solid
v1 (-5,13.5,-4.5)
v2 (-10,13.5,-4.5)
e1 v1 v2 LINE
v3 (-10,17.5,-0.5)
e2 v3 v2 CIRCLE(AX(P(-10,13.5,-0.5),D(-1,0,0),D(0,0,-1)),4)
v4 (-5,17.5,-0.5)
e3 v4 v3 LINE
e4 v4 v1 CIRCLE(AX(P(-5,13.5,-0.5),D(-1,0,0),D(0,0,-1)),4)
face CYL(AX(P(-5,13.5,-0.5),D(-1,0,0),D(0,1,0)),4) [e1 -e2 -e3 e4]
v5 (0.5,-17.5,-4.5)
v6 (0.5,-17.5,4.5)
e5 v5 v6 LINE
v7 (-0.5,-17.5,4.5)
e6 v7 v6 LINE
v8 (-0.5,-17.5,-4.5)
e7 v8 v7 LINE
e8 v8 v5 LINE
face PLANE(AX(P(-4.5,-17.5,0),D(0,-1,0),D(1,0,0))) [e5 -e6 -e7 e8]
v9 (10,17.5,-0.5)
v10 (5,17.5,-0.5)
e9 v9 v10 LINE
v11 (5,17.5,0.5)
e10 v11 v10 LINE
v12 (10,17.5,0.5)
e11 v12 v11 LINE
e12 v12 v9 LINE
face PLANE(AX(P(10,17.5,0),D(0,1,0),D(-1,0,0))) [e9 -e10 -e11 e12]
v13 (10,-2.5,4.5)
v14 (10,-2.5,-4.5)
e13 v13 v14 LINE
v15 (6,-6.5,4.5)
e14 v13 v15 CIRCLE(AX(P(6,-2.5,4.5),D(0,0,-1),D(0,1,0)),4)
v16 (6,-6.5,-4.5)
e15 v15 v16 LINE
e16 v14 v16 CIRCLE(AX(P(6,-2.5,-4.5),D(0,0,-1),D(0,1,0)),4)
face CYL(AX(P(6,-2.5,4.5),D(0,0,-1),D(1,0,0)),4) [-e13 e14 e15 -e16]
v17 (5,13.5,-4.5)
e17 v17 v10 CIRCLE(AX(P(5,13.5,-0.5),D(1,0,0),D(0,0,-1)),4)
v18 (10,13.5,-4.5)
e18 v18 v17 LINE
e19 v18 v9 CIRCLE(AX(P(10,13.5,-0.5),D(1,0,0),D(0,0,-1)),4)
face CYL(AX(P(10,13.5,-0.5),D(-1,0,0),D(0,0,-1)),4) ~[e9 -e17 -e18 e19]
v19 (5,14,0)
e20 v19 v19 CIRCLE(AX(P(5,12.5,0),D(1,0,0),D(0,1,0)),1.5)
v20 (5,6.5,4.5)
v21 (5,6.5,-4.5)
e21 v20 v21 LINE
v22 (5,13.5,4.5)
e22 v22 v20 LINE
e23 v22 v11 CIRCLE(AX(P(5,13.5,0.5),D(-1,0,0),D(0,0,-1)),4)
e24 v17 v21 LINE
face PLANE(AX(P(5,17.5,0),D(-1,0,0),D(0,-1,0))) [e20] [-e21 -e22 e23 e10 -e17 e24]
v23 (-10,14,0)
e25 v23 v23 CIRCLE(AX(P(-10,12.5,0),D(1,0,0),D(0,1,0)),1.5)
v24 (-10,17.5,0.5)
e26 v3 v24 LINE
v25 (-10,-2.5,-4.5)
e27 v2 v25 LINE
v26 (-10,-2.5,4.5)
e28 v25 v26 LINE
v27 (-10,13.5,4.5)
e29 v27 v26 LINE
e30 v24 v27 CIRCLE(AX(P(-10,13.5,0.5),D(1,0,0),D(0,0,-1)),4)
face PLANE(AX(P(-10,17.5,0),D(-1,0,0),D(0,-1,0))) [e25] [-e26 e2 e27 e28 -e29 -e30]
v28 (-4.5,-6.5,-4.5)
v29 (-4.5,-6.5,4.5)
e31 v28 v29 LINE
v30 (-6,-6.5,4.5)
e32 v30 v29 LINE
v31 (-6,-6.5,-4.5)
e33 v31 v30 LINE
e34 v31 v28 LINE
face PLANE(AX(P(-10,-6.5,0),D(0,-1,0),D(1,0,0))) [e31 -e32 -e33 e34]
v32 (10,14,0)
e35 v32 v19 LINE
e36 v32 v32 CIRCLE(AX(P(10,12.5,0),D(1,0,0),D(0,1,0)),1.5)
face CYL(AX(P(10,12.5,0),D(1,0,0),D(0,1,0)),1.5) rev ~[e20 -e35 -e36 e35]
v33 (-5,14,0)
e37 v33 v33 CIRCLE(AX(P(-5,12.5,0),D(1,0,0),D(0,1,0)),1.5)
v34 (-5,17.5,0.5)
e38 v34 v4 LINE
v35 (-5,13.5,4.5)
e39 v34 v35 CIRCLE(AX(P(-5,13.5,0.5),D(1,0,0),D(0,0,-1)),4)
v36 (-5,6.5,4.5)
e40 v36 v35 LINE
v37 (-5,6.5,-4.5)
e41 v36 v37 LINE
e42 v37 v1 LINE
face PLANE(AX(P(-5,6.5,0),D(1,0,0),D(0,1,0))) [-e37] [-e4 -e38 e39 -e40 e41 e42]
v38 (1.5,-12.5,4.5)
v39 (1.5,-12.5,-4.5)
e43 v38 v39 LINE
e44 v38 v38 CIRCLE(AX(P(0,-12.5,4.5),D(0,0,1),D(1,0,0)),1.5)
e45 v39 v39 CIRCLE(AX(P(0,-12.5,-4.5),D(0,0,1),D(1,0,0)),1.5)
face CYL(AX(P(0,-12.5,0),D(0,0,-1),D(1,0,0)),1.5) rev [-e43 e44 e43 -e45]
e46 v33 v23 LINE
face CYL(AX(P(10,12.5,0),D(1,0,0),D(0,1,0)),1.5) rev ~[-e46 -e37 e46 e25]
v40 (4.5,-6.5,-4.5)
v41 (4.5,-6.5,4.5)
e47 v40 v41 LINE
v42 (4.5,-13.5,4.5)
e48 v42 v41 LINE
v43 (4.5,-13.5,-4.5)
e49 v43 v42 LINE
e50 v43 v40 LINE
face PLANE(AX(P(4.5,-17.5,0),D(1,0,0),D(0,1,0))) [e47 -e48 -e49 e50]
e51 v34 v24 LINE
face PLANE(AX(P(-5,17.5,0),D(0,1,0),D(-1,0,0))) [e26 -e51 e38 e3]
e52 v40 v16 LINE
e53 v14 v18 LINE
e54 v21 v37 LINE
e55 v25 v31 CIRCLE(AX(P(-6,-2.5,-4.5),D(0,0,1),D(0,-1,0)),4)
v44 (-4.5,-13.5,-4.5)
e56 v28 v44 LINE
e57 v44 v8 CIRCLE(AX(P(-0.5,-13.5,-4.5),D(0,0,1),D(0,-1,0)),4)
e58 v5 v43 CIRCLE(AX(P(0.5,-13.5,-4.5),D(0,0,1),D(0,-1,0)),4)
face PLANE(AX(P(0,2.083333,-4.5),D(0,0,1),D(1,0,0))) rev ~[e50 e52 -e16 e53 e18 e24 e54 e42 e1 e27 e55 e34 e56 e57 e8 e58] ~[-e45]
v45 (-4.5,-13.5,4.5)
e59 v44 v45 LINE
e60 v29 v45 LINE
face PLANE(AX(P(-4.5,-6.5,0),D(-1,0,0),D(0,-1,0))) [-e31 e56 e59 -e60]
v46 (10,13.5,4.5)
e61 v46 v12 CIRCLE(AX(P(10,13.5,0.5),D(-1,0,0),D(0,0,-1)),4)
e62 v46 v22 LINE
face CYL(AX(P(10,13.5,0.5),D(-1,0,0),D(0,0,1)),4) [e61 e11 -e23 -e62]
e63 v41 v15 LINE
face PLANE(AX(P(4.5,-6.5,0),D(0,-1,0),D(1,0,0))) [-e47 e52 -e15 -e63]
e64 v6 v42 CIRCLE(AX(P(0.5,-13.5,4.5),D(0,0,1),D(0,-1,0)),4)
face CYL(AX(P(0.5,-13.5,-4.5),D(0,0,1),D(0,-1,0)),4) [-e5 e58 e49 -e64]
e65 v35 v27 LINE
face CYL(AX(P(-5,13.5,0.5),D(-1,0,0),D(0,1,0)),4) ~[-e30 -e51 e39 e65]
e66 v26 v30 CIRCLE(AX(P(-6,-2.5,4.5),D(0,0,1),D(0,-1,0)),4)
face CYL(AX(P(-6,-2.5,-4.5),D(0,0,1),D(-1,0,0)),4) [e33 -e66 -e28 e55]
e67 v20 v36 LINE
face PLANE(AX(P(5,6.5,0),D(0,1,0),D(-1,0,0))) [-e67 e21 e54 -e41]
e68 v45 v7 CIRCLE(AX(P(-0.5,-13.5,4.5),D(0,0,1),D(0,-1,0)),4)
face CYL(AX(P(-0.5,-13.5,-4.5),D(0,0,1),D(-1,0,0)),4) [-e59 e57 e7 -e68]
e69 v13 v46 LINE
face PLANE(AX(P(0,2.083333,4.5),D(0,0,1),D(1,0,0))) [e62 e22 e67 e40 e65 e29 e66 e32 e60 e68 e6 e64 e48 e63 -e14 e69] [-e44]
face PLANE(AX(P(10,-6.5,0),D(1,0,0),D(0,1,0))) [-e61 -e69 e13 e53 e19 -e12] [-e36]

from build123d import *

# Parameters (mm, degrees)
F0_R     = 1.5
F1_DEPTH = 4.5
F2_R     = 1.5
F3_DEPTH = 20.001
F4_R     = 4


with BuildPart() as f1:
    # F0 (on Top) → F1 (new body, symmetric)
    with BuildSketch(Plane.XY):
        Polygon((-5, 17.5), (-10, 17.5), (-10, -6.5), (-4.5, -6.5), (-4.5, -17.5), (4.5, -17.5), (4.5, -6.5), (10, -6.5), (10, 17.5), (5, 17.5), (5, 6.5), (-5, 6.5), align=None)
        with Locations((0, -12.5)):
            Circle(F0_R, mode=Mode.SUBTRACT)
    extrude(amount=F1_DEPTH, both=True)

    # F2 (on face) → F3 (cut, through all)
    with BuildSketch(Plane.YZ.offset(10)):
        with Locations((12.5, 0)):
            Circle(F2_R)
    extrude(amount=-F3_DEPTH, mode=Mode.SUBTRACT)

    # F4
    f4_edges = [f1.edges().sort_by_distance(p)[0] for p in [
        (4.5, -17.5, 0),
        (-4.5, -17.5, 0),
        (7.5, 17.5, 4.5),
        (7.5, 17.5, -4.5),
        (-7.5, 17.5, -4.5),
        (-7.5, 17.5, 4.5),
        (10, -6.5, 0),
        (-10, -6.5, 0),
    ]]
    fillet(f4_edges, radius=F4_R)


solid = f1.part
